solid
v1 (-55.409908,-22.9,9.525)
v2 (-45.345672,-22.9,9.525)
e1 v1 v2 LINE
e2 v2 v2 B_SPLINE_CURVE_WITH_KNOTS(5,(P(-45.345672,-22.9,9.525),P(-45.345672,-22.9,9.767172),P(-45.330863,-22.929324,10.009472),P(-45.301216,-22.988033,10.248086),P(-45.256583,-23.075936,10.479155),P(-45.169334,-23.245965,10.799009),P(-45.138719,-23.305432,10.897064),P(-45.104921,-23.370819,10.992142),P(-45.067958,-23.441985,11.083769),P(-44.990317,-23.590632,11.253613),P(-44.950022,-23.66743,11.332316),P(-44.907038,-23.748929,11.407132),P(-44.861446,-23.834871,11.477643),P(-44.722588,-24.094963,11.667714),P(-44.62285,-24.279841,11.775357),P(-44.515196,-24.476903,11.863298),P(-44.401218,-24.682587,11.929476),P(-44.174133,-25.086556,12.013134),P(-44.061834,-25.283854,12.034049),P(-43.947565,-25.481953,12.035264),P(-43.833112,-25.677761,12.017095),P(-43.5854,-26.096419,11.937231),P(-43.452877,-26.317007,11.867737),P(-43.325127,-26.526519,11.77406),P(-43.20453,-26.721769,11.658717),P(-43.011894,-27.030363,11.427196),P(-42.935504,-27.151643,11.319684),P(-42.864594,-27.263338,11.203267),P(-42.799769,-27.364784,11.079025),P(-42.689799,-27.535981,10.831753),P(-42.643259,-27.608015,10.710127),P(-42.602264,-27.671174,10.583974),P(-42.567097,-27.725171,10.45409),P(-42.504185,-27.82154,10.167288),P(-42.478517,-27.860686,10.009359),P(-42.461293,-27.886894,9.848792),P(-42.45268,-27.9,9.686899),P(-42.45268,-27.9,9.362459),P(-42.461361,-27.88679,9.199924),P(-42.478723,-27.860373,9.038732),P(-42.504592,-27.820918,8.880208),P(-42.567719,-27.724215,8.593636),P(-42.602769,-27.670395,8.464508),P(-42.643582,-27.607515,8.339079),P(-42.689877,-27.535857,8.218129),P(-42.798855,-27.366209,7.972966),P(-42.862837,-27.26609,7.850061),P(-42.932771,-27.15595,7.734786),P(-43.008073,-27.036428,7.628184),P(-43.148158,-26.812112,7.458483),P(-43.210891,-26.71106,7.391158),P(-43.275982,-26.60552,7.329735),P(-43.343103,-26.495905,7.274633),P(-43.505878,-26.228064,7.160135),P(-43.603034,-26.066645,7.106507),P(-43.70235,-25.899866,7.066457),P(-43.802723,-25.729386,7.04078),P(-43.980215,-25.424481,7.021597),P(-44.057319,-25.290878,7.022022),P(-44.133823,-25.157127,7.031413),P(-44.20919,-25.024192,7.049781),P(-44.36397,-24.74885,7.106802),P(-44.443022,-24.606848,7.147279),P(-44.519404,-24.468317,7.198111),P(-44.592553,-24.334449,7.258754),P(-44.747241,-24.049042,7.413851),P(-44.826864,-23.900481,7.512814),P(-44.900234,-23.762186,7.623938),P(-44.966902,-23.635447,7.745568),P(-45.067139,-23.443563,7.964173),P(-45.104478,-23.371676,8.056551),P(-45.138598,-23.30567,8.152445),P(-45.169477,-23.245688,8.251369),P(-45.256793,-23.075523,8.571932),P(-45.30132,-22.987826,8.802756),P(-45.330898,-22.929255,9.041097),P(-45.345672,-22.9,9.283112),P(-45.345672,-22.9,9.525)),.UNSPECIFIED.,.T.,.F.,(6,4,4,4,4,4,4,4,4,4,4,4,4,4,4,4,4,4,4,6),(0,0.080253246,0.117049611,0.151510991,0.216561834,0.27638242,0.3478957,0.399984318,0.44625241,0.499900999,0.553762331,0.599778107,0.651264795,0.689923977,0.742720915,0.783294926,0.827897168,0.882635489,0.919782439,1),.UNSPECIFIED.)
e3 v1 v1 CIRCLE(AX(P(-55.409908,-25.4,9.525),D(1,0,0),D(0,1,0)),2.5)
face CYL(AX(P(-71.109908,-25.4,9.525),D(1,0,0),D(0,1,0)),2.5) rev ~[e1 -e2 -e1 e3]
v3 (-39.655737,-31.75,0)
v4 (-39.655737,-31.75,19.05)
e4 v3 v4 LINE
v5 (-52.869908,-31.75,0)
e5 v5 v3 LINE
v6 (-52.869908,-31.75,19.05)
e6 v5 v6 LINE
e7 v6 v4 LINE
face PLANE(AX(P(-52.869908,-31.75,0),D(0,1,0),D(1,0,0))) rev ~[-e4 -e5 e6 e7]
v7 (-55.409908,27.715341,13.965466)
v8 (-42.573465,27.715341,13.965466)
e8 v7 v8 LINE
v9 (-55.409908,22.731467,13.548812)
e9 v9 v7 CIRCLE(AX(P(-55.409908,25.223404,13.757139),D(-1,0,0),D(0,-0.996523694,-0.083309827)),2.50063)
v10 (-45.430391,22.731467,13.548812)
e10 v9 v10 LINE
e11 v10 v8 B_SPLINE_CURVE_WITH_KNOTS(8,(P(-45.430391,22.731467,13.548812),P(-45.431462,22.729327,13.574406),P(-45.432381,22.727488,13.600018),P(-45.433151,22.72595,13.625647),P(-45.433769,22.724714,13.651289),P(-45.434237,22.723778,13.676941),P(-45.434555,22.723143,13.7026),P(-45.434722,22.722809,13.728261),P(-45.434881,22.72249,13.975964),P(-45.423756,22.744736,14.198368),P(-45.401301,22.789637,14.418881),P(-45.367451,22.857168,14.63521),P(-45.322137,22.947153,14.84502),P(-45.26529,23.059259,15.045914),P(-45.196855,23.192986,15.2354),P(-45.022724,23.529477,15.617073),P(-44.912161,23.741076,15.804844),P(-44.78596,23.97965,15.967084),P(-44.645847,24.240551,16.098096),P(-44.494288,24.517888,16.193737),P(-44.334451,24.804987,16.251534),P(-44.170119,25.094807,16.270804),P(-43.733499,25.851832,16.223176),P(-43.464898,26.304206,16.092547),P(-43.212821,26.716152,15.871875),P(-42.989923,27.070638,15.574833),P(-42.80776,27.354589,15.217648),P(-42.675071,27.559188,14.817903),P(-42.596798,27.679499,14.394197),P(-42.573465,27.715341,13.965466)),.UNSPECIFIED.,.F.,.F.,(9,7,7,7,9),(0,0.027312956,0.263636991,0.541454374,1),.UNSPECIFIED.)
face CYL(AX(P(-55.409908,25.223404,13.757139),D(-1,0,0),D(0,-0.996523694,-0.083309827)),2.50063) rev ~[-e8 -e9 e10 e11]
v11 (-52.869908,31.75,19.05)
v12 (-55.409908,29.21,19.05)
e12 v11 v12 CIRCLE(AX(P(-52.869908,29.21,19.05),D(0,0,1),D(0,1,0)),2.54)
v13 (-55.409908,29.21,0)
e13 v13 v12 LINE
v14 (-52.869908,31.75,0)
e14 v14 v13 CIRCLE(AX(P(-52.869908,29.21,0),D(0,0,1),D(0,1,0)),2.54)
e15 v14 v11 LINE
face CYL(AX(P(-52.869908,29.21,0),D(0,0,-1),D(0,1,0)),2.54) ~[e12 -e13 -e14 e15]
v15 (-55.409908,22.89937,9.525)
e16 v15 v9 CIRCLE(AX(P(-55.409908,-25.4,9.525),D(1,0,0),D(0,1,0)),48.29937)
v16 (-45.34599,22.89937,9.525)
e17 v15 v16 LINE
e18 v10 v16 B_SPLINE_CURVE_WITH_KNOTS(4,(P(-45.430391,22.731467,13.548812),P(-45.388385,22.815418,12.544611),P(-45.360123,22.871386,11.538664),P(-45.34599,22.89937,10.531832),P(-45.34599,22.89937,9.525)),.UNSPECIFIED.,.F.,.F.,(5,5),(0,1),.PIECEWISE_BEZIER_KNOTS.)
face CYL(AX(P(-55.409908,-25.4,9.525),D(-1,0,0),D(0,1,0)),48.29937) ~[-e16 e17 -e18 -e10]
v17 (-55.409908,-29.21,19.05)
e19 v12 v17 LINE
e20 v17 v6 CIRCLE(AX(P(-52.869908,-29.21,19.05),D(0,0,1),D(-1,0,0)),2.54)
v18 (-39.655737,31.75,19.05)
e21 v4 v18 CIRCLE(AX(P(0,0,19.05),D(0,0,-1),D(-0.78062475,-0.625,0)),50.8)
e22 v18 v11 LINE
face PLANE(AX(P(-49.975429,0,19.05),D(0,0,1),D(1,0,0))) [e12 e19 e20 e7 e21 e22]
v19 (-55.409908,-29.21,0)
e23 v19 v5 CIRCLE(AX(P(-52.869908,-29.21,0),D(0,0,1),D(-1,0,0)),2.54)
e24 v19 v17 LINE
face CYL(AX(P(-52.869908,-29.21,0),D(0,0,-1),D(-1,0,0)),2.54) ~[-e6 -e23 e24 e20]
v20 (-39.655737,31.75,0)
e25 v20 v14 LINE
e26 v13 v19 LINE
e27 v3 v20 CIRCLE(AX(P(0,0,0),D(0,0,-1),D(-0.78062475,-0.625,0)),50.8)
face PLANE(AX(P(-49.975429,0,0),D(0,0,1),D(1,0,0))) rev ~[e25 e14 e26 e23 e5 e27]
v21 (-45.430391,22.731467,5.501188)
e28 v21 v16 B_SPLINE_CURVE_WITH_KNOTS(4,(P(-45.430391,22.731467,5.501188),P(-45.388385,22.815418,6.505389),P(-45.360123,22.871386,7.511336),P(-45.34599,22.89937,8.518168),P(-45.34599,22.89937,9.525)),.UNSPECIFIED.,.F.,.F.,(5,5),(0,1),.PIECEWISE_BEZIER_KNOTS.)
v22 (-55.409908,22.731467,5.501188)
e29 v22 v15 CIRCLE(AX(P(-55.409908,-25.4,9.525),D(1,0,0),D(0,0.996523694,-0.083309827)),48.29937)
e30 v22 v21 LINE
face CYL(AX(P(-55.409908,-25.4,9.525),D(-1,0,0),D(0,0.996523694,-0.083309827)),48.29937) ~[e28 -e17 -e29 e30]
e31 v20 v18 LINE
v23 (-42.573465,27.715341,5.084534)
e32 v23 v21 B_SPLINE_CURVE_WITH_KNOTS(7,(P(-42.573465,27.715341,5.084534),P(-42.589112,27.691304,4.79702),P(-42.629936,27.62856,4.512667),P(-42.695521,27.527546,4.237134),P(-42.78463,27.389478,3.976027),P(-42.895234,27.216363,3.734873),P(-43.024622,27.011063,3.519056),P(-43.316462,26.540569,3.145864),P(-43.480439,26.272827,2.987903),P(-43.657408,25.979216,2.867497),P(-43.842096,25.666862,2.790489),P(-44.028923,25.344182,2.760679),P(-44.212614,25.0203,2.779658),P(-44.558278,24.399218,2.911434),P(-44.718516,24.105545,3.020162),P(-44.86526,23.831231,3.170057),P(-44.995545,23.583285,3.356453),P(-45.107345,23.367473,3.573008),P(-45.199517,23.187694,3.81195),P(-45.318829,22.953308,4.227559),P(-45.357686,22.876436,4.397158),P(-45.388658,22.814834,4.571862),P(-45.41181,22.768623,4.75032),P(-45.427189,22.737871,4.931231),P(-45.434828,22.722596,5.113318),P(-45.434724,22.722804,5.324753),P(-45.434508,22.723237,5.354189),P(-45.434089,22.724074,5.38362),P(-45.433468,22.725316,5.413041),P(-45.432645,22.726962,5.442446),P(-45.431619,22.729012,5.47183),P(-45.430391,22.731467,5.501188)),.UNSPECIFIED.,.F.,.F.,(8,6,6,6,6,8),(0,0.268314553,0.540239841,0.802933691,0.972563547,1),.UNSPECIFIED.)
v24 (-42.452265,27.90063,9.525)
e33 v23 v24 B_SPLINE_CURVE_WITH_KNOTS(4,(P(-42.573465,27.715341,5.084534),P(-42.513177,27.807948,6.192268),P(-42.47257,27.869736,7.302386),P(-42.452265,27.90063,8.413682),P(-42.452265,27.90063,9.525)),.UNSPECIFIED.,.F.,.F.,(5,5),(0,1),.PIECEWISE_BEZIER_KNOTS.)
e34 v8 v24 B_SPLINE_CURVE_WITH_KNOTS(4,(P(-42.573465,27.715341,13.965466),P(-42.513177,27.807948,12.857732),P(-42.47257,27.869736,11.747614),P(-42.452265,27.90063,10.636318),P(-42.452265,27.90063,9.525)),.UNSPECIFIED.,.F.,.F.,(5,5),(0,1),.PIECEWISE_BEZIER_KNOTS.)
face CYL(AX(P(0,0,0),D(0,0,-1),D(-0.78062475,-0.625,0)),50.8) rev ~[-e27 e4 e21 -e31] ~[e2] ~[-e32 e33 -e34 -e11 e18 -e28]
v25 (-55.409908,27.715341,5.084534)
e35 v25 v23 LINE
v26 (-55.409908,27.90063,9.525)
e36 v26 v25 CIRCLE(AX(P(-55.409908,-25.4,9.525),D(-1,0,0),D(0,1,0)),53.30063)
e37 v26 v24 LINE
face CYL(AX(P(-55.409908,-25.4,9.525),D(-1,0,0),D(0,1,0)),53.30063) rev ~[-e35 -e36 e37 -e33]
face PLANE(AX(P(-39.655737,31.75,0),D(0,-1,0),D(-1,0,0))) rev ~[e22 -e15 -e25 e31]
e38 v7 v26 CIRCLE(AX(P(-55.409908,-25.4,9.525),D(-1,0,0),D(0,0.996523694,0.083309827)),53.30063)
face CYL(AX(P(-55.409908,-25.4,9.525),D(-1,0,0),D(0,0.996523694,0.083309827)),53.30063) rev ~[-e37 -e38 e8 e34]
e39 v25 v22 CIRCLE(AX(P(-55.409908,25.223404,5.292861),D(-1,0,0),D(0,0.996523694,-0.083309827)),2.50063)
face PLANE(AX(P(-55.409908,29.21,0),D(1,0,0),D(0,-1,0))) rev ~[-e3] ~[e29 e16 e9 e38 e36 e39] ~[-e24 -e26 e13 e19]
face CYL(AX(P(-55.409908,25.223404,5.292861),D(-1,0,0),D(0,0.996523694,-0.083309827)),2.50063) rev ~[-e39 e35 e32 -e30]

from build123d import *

# Parameters (mm, degrees)
F1_DEPTH = 19.05
F4_D     = 5
F4_DEPTH = 15.7
F4_TIP   = 1.5021515476
F5_DEPTH = 25.4


with BuildPart() as f1:
    # F0 (on Top) → F1 (new body)
    with BuildSketch(Plane.XY):
        with BuildLine():
            ThreePointArc((-39.6557372898, -31.75), (-50.8, 0), (-39.6557372898, 31.75))
            Line((-39.6557372898, 31.75), (-52.8699082947, 31.75))
            ThreePointArc((-52.8699082947, 31.75), (-54.6659595189, 31.0060512242), (-55.4099082947, 29.21))
            Line((-55.4099082947, 29.21), (-55.4099082947, -29.21))
            ThreePointArc((-55.4099082947, -29.21), (-54.6659595189, -31.0060512242), (-52.8699082947, -31.75))
            Line((-52.8699082947, -31.75), (-39.6557372898, -31.75))
        make_face()
    extrude(amount=F1_DEPTH)

    # F4
    with Locations(Plane(origin=(-55.4099082947, 0, 0), x_dir=(0, -1, 0), z_dir=(-1, 0, 0))):
        with Locations((25.4, 9.525)):
            Hole(F4_D / 2, depth=F4_DEPTH)
            with Locations((0, 0, -(F4_DEPTH + F4_TIP / 2))):  # 118° drill point
                Cone(0, F4_D / 2, F4_TIP, mode=Mode.SUBTRACT)

    # F3 (on offset) → F5 (cut)
    with BuildSketch(Plane(origin=(-55.4099082947, 0, 0), x_dir=(0, -1, 0), z_dir=(-1, 0, 0))):
        with BuildLine():
            ThreePointArc((-27.7153407028, 13.9654662391), (-27.8542875294, 11.747165191), (-27.90063, 9.525))
            Line((-27.90063, 9.525), (-22.89937, 9.525))
            ThreePointArc((-22.89937, 9.525), (-22.8573758972, 11.538656851), (-22.7314666127, 13.5488121361))
            ThreePointArc((-22.7314666127, 13.5488121361), (-25.0150766063, 16.2490762326), (-27.7153407028, 13.9654662391))
        make_face()
        with BuildLine():
            Line((-22.89937, 9.525), (-27.90063, 9.525))
            ThreePointArc((-27.90063, 9.525), (-27.8542875294, 7.302834809), (-27.7153407028, 5.0845337609))
            ThreePointArc((-27.7153407028, 5.0845337609), (-25.0150766063, 2.8009237674), (-22.7314666127, 5.5011878639))
            ThreePointArc((-22.7314666127, 5.5011878639), (-22.8573758972, 7.511343149), (-22.89937, 9.525))
        make_face()
    extrude(amount=-F5_DEPTH, mode=Mode.SUBTRACT)


solid = f1.part
